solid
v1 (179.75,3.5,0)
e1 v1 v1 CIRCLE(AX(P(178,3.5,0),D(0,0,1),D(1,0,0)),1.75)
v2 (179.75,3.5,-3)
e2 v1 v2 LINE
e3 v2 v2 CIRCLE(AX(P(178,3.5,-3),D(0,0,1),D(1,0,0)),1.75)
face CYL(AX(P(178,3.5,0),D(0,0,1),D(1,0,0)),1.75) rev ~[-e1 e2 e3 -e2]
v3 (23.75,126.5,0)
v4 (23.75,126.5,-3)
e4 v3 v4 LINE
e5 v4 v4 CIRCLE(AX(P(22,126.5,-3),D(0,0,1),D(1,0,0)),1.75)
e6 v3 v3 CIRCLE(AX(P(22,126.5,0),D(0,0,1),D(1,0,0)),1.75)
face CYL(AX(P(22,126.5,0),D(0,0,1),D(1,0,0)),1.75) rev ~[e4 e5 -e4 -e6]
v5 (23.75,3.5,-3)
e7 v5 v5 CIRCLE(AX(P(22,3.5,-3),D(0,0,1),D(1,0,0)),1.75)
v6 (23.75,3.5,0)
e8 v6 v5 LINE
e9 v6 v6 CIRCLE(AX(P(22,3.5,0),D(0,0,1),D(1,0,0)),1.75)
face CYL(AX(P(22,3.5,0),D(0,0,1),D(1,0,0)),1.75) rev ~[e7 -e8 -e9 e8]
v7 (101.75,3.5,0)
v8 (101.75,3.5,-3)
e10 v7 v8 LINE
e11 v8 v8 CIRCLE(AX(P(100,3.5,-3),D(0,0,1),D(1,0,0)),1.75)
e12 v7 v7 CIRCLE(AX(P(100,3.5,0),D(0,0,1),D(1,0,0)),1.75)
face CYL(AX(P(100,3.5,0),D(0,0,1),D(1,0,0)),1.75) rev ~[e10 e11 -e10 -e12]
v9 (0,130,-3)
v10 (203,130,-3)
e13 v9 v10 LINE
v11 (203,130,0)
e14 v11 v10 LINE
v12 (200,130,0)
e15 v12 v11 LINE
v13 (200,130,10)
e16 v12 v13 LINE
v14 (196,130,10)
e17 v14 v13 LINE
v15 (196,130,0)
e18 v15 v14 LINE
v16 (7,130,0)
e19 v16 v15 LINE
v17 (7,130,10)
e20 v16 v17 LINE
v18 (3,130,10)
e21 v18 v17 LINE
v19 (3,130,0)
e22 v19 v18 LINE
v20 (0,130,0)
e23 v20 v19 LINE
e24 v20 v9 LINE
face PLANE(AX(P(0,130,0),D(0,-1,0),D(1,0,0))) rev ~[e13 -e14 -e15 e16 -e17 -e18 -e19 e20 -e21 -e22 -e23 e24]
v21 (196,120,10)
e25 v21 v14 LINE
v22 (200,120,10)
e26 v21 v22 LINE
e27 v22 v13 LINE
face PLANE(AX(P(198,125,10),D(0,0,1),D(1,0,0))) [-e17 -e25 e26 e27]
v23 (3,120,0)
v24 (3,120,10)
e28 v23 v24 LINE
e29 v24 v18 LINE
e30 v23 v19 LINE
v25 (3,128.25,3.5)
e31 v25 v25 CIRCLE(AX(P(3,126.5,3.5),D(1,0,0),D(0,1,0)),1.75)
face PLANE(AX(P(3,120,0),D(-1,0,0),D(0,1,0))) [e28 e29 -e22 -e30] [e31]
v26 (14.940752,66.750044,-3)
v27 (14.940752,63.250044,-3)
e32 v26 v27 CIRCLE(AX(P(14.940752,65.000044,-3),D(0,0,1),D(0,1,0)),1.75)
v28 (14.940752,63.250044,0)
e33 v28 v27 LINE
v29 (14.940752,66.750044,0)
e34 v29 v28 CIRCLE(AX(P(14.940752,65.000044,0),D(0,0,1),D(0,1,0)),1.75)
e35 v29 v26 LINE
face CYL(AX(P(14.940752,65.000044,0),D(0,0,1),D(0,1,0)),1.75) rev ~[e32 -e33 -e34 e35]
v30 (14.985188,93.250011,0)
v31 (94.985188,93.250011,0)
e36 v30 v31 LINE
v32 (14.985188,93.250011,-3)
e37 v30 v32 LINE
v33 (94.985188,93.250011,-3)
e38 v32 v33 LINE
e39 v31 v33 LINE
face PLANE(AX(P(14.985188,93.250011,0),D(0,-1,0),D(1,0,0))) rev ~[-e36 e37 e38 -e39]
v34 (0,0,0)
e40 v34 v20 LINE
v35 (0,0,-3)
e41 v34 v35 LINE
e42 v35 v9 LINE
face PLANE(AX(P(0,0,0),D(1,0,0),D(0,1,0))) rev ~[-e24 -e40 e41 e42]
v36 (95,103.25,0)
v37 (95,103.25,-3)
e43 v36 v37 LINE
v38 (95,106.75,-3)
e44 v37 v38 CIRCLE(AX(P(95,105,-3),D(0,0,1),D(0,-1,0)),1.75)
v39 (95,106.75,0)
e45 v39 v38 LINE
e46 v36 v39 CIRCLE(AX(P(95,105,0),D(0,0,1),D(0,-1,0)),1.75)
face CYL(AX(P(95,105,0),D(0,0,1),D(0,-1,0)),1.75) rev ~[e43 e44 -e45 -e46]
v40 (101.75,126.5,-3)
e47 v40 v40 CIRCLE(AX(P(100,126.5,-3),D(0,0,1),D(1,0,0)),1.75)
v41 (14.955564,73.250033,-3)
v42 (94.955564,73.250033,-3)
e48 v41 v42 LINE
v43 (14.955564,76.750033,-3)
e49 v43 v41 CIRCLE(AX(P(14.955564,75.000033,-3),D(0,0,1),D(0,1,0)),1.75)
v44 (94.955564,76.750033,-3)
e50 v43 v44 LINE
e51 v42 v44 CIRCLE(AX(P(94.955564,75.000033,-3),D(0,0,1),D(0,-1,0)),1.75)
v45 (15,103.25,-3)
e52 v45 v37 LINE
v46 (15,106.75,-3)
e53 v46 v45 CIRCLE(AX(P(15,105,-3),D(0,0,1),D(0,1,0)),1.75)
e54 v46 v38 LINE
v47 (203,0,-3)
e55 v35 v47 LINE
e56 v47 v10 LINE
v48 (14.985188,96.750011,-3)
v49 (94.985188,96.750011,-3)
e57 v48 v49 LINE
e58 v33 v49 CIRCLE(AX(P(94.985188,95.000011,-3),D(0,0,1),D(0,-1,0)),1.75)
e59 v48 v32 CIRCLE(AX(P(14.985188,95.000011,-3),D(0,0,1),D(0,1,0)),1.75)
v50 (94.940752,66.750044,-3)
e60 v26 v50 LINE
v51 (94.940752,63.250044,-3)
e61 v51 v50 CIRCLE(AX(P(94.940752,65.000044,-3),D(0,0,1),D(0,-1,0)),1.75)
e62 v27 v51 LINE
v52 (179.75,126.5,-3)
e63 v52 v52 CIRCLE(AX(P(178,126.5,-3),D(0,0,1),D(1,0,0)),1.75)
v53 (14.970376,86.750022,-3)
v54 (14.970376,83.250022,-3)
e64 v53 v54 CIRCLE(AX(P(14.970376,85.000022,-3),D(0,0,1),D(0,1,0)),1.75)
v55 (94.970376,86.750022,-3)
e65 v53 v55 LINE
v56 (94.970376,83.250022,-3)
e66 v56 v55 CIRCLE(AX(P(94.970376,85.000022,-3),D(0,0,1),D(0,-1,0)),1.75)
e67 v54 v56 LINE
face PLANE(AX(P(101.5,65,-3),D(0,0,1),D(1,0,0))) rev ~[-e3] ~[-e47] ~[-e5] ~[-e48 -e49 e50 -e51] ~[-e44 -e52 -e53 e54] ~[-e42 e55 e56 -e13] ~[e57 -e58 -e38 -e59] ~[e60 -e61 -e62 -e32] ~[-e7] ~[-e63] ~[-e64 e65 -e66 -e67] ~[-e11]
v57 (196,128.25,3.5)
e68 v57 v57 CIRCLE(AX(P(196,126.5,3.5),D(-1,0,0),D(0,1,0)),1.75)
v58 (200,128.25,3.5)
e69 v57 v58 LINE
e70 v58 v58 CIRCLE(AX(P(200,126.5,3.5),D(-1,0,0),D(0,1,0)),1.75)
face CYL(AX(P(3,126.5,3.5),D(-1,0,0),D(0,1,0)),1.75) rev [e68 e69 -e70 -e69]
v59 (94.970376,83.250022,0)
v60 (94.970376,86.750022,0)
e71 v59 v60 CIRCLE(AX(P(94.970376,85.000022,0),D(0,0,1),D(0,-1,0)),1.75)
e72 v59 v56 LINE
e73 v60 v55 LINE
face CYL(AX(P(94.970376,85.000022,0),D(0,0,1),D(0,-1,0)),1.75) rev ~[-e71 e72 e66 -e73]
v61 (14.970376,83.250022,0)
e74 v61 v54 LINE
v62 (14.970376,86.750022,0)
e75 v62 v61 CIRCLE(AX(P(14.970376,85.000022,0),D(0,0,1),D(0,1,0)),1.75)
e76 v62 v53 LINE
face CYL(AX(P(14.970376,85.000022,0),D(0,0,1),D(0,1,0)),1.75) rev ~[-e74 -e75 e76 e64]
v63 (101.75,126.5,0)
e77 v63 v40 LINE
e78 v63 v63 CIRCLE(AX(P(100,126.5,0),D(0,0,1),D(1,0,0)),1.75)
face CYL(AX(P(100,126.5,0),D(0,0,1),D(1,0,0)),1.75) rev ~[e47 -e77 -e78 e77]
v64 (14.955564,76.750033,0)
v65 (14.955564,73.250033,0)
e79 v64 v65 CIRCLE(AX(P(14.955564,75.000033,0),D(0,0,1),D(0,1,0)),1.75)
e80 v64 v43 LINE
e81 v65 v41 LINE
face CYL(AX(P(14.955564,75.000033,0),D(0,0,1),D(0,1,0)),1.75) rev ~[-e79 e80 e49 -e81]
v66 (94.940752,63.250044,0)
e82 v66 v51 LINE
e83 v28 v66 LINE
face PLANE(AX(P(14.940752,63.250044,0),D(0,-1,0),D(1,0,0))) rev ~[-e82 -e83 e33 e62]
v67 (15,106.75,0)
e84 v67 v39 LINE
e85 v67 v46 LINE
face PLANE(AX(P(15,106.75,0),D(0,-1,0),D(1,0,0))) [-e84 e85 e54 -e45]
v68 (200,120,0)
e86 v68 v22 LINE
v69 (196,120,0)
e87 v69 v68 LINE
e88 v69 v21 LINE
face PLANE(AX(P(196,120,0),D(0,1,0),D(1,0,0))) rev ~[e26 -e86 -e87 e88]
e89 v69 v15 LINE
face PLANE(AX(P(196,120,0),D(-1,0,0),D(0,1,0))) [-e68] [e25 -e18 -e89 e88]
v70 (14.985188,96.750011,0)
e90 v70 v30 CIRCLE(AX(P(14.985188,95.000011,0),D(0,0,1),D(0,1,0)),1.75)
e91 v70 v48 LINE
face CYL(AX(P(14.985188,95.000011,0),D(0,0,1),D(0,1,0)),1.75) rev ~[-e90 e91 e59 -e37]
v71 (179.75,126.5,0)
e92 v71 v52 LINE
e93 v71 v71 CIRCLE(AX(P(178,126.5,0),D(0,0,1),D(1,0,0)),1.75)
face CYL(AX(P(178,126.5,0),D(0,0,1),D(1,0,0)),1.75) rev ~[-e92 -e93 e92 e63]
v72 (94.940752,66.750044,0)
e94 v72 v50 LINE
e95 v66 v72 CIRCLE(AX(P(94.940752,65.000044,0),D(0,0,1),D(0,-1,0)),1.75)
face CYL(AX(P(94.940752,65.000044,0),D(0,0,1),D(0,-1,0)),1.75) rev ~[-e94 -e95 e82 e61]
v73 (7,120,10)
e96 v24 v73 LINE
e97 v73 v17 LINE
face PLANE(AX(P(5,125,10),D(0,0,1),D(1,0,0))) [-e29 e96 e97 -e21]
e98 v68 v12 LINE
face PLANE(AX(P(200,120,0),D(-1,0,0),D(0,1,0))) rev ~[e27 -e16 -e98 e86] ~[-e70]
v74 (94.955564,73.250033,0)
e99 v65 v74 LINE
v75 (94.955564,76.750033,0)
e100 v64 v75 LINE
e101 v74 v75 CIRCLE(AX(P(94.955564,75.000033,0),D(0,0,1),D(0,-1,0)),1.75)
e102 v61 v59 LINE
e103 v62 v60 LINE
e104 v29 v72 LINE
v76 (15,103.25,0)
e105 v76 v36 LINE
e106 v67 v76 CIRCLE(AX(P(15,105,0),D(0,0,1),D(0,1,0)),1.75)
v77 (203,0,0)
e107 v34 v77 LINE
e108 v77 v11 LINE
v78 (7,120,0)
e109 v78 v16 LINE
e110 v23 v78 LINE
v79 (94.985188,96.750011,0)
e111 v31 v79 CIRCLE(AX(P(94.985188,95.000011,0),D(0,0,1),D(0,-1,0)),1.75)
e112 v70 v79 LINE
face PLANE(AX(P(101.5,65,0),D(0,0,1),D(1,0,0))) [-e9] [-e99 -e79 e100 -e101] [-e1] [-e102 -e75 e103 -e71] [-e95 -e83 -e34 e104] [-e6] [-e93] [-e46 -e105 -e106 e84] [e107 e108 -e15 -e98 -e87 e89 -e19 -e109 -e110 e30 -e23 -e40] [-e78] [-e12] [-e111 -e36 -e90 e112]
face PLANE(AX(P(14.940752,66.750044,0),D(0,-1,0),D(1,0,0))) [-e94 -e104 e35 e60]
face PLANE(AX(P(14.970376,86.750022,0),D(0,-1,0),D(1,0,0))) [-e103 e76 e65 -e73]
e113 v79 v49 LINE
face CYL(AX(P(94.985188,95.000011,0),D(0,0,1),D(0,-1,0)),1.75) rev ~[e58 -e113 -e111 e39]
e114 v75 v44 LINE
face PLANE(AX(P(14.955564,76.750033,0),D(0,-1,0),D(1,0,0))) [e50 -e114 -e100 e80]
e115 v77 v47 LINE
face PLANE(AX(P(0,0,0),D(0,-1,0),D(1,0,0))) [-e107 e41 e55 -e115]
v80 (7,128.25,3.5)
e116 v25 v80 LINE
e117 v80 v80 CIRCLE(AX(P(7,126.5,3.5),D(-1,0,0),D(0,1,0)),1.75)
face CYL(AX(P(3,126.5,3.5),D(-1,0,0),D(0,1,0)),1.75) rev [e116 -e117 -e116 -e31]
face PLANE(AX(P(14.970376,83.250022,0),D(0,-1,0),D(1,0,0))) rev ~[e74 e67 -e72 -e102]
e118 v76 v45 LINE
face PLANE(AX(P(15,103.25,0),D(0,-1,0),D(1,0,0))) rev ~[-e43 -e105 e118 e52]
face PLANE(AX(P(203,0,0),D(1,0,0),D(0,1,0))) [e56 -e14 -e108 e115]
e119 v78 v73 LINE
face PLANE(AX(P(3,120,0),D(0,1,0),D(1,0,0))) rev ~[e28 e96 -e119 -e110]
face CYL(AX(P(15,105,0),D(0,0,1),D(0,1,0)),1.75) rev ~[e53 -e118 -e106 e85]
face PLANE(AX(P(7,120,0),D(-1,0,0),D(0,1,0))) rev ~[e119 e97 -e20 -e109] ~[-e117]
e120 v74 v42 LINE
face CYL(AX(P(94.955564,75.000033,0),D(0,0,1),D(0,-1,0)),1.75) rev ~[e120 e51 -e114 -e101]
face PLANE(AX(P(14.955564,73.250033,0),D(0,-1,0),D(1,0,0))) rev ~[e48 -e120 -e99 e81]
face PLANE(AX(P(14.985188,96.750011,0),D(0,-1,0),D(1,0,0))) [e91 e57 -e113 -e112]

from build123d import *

# Parameters (mm, degrees)
SKETCH_W        = 203
SKETCH_H        = 130
SKETCH_R        = 1.75
PAD_DEPTH       = 3
SKETCH001_W     = 4
SKETCH001_H     = 10
PAD001_DEPTH    = 10
SKETCH002_R     = 1.75
SKETCH002_W     = 95
SKETCH002_H     = 4
POCKET_DEPTH    = 225
SKETCH003_R     = 1.75
POCKET001_DEPTH = 200.001


with BuildPart() as part:
    # Sketch → Pad (new body)
    with BuildSketch(Plane.XY):
        with Locations((101.5, 65)):
            Rectangle(SKETCH_W, SKETCH_H)
        with Locations((22, 126.5)):
            Circle(SKETCH_R, mode=Mode.SUBTRACT)
        with Locations((100, 126.5)):
            Circle(SKETCH_R, mode=Mode.SUBTRACT)
        with Locations((178, 126.5)):
            Circle(SKETCH_R, mode=Mode.SUBTRACT)
        with Locations((22, 3.5)):
            Circle(SKETCH_R, mode=Mode.SUBTRACT)
        with Locations((100, 3.5)):
            Circle(SKETCH_R, mode=Mode.SUBTRACT)
        with Locations((178, 3.5)):
            Circle(SKETCH_R, mode=Mode.SUBTRACT)
        with BuildLine():
            ThreePointArc((15, 106.75), (13.25, 105), (15, 103.25))
            Line((15, 103.25), (95, 103.25))
            ThreePointArc((95, 103.25), (96.75, 105), (95, 106.75))
            Line((15, 106.75), (95, 106.75))
        make_face(mode=Mode.SUBTRACT)
        with BuildLine():
            ThreePointArc((14.985188, 96.750011), (13.235188, 95.000011), (14.985188, 93.250011))
            Line((14.985188, 93.250011), (94.985188, 93.250011))
            ThreePointArc((94.985188, 93.250011), (96.735188, 95.000011), (94.985188, 96.750011))
            Line((14.985188, 96.750011), (94.985188, 96.750011))
        make_face(mode=Mode.SUBTRACT)
        with BuildLine():
            ThreePointArc((14.970376, 86.750022), (13.220376, 85.000022), (14.970376, 83.250022))
            Line((14.970376, 83.250022), (94.970376, 83.250022))
            ThreePointArc((94.970376, 83.250022), (96.720376, 85.000022), (94.970376, 86.750022))
            Line((14.970376, 86.750022), (94.970376, 86.750022))
        make_face(mode=Mode.SUBTRACT)
        with BuildLine():
            ThreePointArc((14.955564, 76.750033), (13.205564, 75.000033), (14.955564, 73.250033))
            Line((14.955564, 73.250033), (94.955564, 73.250033))
            ThreePointArc((94.955564, 73.250033), (96.705564, 75.000033), (94.955564, 76.750033))
            Line((14.955564, 76.750033), (94.955564, 76.750033))
        make_face(mode=Mode.SUBTRACT)
        with BuildLine():
            ThreePointArc((14.940752, 66.750044), (13.190752, 65.000044), (14.940752, 63.250044))
            Line((14.940752, 63.250044), (94.940752, 63.250044))
            ThreePointArc((94.940752, 63.250044), (96.690752, 65.000044), (94.940752, 66.750044))
            Line((14.940752, 66.750044), (94.940752, 66.750044))
        make_face(mode=Mode.SUBTRACT)
    extrude(amount=-PAD_DEPTH)

    # Sketch001 → Pad001 (join)
    with BuildSketch(Plane.XY):
        with Locations((198, 125)):
            Rectangle(SKETCH001_W, SKETCH001_H)
        with Locations((5, 125)):
            Rectangle(SKETCH001_W, SKETCH001_H)
    extrude(amount=PAD001_DEPTH)

    # Sketch002 → Pocket (cut)
    with BuildSketch(Plane.YZ.offset(107)):
        with Locations((-51, 7)):
            Circle(SKETCH002_R)
        with Locations((61, 7)):
            Circle(SKETCH002_R)
        with Locations((7.5, 11)):
            Rectangle(SKETCH002_W, SKETCH002_H)
    extrude(amount=-POCKET_DEPTH, mode=Mode.SUBTRACT)

    # Sketch003 (on DatumPlane) → Pocket001 (cut, through all)
    with BuildSketch(Plane.YZ.offset(3)):
        with Locations((126.5, 3.5)):
            Circle(SKETCH003_R)
    extrude(amount=POCKET001_DEPTH, mode=Mode.SUBTRACT)


solid = part.part
